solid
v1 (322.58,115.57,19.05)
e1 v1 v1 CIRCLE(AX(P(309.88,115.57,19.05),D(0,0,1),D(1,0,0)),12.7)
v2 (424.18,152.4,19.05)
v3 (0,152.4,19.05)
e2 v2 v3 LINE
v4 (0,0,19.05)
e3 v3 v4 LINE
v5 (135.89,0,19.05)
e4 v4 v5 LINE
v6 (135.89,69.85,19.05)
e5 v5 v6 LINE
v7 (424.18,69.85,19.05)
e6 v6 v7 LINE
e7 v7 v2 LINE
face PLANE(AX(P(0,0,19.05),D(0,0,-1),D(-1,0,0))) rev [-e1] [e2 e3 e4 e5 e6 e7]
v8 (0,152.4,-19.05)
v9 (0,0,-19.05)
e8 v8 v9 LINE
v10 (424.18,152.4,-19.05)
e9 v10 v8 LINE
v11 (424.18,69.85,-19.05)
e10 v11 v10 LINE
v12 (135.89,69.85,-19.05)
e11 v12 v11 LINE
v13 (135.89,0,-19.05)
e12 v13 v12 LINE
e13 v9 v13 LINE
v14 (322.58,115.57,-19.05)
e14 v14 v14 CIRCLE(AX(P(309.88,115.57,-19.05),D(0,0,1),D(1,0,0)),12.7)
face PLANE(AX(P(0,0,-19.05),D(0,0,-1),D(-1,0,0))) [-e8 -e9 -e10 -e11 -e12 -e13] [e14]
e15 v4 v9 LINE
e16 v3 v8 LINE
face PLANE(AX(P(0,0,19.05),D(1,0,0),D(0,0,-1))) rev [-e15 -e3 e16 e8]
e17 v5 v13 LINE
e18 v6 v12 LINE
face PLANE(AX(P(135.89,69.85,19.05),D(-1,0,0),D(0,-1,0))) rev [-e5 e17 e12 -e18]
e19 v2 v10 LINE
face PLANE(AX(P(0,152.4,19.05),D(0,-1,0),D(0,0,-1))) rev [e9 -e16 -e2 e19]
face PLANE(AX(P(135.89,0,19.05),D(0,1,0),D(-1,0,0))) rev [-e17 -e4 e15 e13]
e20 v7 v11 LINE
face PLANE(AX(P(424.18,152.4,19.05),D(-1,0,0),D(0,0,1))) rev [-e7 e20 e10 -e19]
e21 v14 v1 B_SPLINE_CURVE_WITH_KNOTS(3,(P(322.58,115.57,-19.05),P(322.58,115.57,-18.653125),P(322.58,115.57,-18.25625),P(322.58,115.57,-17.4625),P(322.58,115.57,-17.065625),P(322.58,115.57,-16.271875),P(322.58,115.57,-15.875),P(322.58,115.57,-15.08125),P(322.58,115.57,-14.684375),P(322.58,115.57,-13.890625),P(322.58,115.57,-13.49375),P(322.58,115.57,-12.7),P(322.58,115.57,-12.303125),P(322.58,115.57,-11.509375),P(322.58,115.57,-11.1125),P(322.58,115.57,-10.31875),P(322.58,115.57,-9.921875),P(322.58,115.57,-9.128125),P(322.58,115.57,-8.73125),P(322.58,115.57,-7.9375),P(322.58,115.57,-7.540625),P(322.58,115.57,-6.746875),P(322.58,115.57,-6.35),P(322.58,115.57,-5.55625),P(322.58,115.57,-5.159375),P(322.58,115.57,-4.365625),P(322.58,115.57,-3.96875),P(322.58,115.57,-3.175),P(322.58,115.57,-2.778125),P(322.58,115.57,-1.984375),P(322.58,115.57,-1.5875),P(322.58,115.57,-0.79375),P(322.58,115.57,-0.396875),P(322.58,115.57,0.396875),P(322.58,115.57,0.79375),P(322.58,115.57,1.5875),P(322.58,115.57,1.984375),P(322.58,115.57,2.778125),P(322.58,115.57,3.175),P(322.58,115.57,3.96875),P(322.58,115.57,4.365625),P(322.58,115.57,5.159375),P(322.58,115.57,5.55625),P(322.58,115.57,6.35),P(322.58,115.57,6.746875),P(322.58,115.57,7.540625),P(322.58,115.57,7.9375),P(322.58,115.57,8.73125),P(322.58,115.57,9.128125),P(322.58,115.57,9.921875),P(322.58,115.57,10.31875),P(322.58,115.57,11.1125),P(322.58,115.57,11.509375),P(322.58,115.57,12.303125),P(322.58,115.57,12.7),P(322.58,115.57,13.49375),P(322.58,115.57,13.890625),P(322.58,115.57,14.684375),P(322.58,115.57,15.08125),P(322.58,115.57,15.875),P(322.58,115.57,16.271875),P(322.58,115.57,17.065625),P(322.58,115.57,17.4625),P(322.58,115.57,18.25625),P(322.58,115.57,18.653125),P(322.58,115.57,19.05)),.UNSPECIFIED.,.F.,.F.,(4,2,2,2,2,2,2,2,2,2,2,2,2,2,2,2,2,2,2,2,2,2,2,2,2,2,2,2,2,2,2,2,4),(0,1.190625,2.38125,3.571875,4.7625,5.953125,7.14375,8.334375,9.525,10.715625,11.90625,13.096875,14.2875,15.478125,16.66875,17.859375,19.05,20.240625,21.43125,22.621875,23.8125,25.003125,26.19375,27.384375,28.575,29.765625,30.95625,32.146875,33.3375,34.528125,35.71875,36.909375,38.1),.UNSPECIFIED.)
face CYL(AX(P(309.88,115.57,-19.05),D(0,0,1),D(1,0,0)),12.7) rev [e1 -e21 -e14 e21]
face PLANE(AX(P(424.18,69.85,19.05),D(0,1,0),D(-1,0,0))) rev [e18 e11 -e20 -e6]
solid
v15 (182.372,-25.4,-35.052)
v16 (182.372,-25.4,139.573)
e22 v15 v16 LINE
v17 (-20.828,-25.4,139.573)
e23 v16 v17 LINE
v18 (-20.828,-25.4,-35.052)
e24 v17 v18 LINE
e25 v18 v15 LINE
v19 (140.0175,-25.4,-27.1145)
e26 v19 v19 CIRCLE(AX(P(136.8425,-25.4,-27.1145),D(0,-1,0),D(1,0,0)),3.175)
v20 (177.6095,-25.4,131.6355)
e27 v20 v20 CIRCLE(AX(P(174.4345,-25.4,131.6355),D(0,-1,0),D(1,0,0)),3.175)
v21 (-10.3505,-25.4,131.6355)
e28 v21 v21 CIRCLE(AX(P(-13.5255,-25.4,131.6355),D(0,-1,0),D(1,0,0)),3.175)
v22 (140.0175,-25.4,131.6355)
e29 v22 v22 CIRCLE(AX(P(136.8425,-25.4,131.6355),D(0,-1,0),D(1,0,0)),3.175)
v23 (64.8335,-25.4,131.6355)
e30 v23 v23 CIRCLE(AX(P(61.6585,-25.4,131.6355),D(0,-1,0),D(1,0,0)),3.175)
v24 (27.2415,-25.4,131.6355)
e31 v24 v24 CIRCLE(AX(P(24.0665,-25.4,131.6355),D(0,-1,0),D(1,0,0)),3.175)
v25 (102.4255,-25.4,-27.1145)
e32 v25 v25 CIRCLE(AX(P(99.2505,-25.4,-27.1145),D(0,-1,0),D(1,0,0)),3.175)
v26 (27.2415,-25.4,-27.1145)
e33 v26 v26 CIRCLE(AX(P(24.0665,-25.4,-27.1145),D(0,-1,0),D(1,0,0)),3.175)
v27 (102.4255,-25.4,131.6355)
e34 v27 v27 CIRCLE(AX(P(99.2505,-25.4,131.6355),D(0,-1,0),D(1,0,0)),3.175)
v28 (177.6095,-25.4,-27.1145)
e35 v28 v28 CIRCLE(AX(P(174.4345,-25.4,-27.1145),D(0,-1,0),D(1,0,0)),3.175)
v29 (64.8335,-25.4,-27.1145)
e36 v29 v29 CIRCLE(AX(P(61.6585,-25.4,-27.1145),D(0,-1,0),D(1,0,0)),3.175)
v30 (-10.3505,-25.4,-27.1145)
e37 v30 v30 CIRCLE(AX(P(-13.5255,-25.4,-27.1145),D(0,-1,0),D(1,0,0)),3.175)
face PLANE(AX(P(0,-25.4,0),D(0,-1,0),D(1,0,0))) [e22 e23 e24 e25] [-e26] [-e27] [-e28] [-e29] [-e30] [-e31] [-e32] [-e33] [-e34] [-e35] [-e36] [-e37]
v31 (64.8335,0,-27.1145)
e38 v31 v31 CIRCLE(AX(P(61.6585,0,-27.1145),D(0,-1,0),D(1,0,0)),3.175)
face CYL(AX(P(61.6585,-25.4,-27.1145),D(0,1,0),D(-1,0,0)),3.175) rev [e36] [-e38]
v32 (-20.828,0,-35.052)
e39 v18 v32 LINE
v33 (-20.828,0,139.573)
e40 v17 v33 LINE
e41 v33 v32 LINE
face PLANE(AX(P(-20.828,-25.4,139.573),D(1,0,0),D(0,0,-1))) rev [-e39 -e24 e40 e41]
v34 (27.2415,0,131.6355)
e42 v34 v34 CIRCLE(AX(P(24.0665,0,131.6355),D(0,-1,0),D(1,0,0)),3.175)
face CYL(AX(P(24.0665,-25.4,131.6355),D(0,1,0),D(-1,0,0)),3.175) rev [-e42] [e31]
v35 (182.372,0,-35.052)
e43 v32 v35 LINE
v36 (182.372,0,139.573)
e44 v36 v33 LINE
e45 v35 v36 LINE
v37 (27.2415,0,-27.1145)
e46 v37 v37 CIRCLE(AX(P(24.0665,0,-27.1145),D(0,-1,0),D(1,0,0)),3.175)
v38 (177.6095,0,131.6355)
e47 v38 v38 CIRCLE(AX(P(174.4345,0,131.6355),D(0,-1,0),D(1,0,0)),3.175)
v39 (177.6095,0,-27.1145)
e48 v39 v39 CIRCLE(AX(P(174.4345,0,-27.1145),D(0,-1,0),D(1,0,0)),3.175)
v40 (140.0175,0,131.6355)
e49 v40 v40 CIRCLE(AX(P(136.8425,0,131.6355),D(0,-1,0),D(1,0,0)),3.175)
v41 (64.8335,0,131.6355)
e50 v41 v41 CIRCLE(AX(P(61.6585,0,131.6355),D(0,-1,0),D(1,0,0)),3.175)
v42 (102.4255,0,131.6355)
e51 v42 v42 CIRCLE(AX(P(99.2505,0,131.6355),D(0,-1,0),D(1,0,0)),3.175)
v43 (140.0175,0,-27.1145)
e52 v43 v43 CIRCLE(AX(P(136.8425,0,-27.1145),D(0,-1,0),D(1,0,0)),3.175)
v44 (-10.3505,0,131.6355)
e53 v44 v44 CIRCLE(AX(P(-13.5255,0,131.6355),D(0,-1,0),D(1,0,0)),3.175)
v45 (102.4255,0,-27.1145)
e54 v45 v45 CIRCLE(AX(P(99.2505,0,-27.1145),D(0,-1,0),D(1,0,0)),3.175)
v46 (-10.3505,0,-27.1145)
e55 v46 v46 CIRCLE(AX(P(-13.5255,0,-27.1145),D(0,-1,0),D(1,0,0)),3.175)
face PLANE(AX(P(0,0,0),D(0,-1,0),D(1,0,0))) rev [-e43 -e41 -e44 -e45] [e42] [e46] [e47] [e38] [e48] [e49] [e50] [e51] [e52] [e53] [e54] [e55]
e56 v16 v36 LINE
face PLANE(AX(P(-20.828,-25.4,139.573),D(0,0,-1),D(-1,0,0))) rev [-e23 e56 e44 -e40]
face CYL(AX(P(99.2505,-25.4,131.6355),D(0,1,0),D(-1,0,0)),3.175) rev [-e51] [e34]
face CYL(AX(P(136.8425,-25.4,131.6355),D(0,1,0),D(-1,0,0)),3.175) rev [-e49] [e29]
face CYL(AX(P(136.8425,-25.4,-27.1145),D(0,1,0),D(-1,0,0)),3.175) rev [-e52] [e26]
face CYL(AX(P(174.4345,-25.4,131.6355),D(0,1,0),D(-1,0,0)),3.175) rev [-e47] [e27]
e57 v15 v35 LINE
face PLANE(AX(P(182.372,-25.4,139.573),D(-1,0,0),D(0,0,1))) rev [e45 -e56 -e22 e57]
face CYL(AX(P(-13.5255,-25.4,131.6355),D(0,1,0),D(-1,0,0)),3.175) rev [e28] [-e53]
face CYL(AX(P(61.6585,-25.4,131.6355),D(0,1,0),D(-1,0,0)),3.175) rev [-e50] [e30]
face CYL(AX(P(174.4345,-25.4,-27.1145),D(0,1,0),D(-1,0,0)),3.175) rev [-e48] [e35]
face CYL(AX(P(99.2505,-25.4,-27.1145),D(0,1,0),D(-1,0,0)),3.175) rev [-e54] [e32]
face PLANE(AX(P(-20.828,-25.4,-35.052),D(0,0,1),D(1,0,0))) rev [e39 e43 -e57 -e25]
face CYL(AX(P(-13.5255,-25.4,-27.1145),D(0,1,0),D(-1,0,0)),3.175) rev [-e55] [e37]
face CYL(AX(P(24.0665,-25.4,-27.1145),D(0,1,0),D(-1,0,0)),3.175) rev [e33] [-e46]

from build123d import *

# Parameters (mm, degrees)
BOSS_EXTRUDE1_DEPTH = 19.05
SKETCH2_R           = 12.7
CUT_EXTRUDE1_DEPTH  = 453.333994301
SKETCH4_W           = 203.2
SKETCH4_H           = 174.625
SKETCH4_R           = 3.175
BOSS_EXTRUDE2_DEPTH = 25.4


with BuildPart() as part:
    # Sketch1 → Boss-Extrude1 (new, symmetric)
    with BuildSketch(Plane.XY):
        Polygon((0, 0), (0, 152.4), (424.18, 152.4), (424.18, 69.85), (135.89, 69.85), (135.89, 0), align=None)
    extrude(amount=BOSS_EXTRUDE1_DEPTH, both=True)

    # Sketch2 → Cut-Extrude1 (cut, through all)
    with BuildSketch(Plane.XY.offset(19.05)):
        with Locations((309.88, 115.57)):
            Circle(SKETCH2_R)
    extrude(amount=-CUT_EXTRUDE1_DEPTH, mode=Mode.SUBTRACT)


with BuildPart() as body_2:
    # Sketch4 → Boss-Extrude2 (new body)
    with BuildSketch(Plane.XZ):
        with Locations((80.772, 52.2605)):
            Rectangle(SKETCH4_W, SKETCH4_H)
        with Locations((174.4345, 131.6355)):
            Circle(SKETCH4_R, mode=Mode.SUBTRACT)
        with Locations((136.8425, 131.6355)):
            Circle(SKETCH4_R, mode=Mode.SUBTRACT)
        with Locations((99.2505, 131.6355)):
            Circle(SKETCH4_R, mode=Mode.SUBTRACT)
        with Locations((61.6585, 131.6355)):
            Circle(SKETCH4_R, mode=Mode.SUBTRACT)
        with Locations((24.0665, 131.6355)):
            Circle(SKETCH4_R, mode=Mode.SUBTRACT)
        with Locations((-13.5255, 131.6355)):
            Circle(SKETCH4_R, mode=Mode.SUBTRACT)
        with Locations((174.4345, -27.1145)):
            Circle(SKETCH4_R, mode=Mode.SUBTRACT)
        with Locations((136.8425, -27.1145)):
            Circle(SKETCH4_R, mode=Mode.SUBTRACT)
        with Locations((99.2505, -27.1145)):
            Circle(SKETCH4_R, mode=Mode.SUBTRACT)
        with Locations((61.6585, -27.1145)):
            Circle(SKETCH4_R, mode=Mode.SUBTRACT)
        with Locations((24.0665, -27.1145)):
            Circle(SKETCH4_R, mode=Mode.SUBTRACT)
        with Locations((-13.5255, -27.1145)):
            Circle(SKETCH4_R, mode=Mode.SUBTRACT)
    extrude(amount=BOSS_EXTRUDE2_DEPTH)


solid = Compound([part.part, body_2.part])
